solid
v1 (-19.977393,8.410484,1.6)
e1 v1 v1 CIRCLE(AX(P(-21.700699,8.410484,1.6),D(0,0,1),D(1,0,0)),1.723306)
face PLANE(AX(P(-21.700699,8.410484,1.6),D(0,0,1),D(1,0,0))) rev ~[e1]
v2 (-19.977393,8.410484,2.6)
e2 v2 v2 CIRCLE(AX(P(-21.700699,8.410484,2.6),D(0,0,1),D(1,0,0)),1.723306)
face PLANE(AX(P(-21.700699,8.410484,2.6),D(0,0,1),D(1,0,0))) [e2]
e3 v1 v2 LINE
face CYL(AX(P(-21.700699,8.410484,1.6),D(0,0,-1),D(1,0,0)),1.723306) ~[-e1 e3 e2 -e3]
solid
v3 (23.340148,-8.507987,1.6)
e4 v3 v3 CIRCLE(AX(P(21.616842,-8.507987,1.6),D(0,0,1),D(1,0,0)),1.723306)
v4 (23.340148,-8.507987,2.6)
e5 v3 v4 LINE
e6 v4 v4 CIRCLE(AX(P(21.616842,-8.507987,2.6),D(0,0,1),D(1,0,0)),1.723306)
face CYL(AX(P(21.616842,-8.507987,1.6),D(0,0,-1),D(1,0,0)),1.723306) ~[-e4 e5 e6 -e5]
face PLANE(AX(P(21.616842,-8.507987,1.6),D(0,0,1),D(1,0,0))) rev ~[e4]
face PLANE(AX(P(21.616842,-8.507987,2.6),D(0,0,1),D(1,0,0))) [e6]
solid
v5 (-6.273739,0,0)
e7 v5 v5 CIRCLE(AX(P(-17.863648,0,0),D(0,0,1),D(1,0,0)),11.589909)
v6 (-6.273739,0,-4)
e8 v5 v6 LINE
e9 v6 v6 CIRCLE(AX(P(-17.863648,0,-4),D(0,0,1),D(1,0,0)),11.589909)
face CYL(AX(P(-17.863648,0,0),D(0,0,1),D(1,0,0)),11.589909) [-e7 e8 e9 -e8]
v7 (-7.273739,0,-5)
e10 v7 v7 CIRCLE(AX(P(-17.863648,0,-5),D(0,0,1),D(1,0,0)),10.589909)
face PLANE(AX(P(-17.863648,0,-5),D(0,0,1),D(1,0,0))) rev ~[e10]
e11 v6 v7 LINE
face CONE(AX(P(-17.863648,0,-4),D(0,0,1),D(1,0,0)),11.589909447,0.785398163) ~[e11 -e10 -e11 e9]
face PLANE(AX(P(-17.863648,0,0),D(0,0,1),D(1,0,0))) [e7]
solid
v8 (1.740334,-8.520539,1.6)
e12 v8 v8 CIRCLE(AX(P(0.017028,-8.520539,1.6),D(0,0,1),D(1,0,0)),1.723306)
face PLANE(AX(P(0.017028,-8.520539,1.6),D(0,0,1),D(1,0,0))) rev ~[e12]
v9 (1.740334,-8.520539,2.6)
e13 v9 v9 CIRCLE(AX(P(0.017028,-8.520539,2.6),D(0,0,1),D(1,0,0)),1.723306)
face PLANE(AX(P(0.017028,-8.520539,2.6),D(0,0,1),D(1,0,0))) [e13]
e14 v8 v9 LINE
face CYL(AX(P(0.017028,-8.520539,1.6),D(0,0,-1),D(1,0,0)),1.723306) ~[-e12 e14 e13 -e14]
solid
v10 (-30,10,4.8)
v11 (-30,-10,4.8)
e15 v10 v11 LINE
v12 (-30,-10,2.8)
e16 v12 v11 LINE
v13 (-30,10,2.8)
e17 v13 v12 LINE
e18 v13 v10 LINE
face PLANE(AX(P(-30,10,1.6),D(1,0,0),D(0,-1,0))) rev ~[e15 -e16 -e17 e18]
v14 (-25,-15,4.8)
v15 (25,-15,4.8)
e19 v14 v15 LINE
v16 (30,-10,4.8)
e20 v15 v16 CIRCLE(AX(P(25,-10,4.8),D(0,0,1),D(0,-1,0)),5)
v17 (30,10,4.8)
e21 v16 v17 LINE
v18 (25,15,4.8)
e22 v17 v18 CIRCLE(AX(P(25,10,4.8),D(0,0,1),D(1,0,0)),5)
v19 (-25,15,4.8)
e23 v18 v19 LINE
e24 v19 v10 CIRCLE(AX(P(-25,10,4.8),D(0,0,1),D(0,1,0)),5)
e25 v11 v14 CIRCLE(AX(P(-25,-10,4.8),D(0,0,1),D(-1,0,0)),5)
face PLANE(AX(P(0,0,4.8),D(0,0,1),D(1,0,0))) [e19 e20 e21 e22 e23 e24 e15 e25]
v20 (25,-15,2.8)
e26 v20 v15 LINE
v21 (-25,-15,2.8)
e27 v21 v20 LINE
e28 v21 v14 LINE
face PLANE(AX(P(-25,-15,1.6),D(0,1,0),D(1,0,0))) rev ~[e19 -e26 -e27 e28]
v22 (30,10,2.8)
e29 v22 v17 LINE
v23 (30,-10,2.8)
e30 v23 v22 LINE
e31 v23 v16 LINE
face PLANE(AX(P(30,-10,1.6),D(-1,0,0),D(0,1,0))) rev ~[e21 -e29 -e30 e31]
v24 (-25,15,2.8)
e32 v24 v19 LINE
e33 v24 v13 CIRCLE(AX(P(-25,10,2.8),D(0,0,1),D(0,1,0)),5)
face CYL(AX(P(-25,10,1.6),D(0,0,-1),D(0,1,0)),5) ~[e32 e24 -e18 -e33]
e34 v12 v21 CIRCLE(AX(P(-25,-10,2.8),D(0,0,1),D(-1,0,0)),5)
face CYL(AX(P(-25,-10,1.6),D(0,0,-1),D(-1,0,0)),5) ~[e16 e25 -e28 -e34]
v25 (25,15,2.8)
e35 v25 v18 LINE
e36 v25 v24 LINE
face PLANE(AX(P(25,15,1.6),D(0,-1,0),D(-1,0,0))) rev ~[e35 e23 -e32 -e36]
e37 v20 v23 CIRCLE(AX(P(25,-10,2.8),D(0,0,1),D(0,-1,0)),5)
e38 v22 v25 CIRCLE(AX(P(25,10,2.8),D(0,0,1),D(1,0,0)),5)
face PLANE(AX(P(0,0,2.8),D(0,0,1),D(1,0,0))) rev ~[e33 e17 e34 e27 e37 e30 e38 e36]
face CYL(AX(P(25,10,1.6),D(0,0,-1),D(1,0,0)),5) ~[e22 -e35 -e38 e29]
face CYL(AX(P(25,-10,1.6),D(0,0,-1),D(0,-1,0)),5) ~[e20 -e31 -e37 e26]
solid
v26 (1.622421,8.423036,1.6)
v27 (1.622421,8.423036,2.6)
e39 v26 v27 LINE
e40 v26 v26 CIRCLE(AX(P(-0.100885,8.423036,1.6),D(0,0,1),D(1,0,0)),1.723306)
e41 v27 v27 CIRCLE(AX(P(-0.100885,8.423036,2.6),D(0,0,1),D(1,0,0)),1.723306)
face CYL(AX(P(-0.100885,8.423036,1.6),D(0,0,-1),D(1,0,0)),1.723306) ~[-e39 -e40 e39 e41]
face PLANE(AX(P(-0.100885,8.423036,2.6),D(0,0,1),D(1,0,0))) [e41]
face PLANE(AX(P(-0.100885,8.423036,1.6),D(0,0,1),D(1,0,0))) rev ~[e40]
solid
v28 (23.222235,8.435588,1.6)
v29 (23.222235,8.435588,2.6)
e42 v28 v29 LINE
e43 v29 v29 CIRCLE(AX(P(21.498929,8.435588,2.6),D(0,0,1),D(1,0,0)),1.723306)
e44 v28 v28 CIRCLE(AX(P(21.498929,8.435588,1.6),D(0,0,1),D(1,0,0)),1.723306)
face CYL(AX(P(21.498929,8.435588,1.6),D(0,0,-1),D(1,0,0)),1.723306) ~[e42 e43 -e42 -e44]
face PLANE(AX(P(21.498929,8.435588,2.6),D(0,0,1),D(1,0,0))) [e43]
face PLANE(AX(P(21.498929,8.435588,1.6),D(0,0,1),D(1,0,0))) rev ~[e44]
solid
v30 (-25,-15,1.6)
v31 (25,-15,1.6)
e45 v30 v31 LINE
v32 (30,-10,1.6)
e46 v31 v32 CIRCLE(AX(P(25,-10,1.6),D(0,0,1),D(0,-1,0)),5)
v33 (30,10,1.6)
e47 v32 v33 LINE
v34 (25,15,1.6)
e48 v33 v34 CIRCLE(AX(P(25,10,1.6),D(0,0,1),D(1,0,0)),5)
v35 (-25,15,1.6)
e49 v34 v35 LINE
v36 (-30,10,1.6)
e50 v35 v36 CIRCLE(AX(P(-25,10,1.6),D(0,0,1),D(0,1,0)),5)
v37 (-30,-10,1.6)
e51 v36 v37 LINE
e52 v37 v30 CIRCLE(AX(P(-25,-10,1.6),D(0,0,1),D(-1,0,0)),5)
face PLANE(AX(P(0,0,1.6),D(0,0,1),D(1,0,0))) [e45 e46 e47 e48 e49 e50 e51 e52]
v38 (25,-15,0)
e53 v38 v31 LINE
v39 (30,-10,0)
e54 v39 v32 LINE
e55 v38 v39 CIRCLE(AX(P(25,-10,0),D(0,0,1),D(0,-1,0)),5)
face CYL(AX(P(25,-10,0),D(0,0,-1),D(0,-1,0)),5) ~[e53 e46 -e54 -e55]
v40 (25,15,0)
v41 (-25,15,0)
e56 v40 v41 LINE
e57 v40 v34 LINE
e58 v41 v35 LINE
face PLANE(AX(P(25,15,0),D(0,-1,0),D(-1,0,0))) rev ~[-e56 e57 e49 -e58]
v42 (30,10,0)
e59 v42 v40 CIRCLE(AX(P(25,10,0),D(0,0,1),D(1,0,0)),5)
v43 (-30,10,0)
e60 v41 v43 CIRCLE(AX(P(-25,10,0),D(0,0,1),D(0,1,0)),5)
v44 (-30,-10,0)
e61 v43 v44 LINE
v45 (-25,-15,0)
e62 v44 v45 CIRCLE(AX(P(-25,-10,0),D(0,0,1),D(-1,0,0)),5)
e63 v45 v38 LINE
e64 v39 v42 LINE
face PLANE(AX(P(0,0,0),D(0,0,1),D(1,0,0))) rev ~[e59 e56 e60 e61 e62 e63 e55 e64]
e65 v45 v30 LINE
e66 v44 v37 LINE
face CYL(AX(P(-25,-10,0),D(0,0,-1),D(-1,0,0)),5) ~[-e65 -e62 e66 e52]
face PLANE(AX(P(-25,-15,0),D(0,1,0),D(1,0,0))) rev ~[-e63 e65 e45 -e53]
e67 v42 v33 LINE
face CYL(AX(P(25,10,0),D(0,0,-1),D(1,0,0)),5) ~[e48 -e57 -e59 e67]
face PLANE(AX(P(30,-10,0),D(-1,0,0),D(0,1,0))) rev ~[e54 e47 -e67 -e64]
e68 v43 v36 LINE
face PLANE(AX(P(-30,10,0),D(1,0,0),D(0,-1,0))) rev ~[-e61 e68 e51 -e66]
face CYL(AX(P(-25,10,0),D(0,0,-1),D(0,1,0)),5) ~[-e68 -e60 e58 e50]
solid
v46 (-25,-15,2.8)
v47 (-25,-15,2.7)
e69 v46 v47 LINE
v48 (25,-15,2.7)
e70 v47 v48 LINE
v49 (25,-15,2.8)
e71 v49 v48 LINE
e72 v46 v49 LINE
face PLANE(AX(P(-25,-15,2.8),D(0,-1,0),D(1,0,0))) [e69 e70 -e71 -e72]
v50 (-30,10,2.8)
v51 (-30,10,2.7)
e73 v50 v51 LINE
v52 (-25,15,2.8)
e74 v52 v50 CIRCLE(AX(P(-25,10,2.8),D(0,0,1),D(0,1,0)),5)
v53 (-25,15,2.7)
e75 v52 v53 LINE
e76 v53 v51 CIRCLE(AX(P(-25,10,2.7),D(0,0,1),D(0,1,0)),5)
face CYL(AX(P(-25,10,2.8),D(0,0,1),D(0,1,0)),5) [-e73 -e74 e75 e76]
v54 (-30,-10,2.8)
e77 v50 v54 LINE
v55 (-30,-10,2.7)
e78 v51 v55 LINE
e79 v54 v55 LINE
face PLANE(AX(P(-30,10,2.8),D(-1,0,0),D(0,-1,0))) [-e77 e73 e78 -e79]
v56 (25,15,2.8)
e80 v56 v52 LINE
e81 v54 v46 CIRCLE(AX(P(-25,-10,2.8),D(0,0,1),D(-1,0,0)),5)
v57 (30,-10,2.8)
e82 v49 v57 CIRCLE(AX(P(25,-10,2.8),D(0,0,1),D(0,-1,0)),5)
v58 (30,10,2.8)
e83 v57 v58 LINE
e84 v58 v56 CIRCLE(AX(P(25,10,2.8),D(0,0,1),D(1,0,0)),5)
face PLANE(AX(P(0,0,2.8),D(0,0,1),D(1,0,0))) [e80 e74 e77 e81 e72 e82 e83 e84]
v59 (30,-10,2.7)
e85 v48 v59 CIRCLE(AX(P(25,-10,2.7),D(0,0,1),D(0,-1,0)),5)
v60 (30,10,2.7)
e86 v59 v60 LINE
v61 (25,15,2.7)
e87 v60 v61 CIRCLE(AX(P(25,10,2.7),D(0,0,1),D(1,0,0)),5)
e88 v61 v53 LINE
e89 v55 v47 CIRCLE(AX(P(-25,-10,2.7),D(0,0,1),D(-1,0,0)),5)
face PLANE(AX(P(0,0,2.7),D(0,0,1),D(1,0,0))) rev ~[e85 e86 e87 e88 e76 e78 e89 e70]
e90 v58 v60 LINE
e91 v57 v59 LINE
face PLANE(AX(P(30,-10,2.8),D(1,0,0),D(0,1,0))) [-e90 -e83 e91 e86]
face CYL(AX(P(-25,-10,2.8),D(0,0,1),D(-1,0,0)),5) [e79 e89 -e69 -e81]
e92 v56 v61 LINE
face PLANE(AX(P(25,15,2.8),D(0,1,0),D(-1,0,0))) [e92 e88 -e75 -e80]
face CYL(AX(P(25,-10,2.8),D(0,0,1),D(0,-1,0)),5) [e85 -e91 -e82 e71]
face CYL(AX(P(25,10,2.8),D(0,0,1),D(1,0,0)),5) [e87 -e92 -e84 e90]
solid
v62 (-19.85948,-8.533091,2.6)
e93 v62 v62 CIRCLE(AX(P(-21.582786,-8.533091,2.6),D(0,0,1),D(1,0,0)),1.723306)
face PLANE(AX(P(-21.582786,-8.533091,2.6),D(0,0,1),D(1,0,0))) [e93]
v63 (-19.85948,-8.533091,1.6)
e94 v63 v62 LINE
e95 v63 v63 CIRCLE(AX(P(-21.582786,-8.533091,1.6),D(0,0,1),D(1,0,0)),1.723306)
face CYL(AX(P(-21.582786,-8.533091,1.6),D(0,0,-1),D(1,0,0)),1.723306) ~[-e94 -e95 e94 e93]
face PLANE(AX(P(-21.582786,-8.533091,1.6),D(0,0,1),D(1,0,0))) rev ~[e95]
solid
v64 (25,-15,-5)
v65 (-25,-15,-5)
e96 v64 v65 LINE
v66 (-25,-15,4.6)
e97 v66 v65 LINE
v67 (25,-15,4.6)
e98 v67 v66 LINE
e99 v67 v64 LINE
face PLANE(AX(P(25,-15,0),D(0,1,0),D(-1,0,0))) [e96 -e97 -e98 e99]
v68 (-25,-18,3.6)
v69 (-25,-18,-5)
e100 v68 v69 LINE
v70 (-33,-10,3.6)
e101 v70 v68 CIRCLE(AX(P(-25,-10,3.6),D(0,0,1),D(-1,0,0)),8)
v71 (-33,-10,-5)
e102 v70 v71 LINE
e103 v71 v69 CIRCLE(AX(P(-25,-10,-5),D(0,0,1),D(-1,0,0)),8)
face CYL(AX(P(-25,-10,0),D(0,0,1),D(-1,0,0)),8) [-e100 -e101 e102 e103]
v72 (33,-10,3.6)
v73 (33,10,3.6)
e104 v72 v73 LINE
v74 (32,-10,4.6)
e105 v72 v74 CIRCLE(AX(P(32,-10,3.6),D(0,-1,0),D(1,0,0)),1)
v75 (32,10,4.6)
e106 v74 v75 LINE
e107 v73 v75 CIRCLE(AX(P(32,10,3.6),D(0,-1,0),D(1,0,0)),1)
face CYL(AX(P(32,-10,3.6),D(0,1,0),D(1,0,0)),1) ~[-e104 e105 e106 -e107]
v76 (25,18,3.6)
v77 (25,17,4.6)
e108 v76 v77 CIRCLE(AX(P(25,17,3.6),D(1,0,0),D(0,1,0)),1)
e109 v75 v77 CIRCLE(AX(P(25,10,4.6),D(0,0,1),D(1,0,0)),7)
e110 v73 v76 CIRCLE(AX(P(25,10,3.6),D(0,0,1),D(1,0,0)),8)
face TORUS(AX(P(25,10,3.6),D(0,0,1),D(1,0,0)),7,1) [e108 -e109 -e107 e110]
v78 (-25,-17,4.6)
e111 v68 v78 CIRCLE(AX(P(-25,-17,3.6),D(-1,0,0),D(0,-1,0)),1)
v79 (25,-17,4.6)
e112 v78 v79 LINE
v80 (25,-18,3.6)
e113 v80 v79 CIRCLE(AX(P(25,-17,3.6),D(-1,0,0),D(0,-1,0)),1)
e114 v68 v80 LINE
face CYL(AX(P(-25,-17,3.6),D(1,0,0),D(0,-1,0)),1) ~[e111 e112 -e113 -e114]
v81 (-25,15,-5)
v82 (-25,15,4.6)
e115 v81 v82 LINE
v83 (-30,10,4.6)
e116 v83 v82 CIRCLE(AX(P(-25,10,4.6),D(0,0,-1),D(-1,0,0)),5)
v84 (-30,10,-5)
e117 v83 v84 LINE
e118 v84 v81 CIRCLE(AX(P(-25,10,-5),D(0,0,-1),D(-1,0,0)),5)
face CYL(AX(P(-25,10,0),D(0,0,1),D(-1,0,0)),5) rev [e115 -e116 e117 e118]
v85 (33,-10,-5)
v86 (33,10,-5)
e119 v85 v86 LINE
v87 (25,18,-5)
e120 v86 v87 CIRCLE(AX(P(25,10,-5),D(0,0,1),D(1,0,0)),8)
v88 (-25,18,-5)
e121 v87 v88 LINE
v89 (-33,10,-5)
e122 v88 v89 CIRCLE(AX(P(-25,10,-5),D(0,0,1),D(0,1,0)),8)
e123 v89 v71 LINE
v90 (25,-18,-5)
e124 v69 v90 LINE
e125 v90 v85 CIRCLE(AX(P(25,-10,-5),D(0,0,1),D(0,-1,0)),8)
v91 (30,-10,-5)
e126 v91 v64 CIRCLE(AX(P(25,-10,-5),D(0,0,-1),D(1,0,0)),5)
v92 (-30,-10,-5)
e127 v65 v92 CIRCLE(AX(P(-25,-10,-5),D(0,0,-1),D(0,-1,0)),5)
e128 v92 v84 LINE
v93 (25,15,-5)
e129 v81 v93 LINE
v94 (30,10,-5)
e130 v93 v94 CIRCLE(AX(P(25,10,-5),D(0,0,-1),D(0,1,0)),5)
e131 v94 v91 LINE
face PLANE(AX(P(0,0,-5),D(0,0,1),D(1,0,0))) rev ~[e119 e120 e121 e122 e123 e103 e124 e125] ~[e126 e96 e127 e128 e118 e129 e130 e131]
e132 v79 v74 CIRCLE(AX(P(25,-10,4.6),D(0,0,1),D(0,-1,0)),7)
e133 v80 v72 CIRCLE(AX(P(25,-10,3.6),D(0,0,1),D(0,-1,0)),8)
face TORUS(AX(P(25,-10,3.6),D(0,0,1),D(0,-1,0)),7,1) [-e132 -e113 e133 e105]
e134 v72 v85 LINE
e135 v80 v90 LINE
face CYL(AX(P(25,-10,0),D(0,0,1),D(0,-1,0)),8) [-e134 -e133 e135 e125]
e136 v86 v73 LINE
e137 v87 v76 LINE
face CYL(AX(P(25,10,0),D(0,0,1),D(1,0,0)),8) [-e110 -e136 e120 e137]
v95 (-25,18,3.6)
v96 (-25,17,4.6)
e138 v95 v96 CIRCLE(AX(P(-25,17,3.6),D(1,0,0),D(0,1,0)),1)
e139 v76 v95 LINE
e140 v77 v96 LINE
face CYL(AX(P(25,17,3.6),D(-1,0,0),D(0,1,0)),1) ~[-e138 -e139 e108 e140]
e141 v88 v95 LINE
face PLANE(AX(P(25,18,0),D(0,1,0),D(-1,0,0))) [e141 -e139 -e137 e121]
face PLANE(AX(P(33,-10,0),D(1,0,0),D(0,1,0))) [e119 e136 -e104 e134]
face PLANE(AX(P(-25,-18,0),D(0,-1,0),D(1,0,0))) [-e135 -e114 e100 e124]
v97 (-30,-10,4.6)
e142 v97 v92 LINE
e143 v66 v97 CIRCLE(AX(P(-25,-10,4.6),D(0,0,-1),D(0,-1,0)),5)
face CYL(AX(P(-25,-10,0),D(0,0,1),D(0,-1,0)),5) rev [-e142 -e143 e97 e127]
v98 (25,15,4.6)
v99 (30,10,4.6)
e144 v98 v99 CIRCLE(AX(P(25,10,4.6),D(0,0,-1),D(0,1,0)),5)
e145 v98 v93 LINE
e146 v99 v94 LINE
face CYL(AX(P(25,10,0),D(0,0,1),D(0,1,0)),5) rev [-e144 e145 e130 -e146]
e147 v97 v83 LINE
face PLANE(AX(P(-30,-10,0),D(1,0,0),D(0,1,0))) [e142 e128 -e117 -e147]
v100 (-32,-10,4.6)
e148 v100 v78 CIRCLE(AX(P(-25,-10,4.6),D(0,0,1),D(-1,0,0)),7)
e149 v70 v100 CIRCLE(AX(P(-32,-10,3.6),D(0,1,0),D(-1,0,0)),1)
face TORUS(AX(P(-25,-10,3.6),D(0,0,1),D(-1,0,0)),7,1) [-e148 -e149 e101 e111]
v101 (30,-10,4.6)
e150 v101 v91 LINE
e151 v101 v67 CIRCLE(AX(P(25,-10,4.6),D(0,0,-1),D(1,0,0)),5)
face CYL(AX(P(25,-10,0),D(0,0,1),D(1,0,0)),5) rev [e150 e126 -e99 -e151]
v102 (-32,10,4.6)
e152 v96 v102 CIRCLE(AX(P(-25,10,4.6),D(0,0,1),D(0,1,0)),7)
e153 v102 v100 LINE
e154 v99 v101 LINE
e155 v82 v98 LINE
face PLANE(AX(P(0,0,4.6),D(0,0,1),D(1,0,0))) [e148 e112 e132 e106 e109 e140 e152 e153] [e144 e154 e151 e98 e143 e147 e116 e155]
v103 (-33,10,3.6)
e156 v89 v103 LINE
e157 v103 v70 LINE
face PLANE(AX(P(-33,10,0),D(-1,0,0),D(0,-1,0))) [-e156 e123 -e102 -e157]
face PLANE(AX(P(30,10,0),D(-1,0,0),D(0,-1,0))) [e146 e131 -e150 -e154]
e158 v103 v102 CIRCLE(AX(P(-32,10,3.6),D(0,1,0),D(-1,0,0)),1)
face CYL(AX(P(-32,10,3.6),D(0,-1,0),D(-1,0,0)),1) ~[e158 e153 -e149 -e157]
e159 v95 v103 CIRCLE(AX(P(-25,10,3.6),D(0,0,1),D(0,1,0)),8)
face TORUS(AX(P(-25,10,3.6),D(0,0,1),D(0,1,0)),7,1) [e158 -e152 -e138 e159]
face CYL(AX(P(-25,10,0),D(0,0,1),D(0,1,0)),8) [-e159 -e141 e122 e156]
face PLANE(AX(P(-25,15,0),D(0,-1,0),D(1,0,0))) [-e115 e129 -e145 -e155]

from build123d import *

# Parameters (mm, degrees)
F1_DEPTH      = 1.6
F2_DEPTH      = 3.2
F3_DEPTH      = 1.2
F4_DEPTH      = 4.6
F4_DEPTH_BACK = 5
F5_R          = 1
F6_R          = 11.5899094466
F7_DEPTH      = 5
F8_SIZE       = 1
F9_R          = 1.7233060419
F10_DEPTH     = 1
F11_DEPTH     = 0.1


with BuildPart() as f1:
    # F0 (on Top) → F1 (new body)
    with BuildSketch(Plane.XY):
        with BuildLine():
            ThreePointArc((30, 10), (28.5355339059, 13.5355339059), (25, 15))
            Line((25, 15), (-25, 15))
            ThreePointArc((-25, 15), (-28.5355339059, 13.5355339059), (-30, 10))
            Line((-30, 10), (-30, -10))
            ThreePointArc((-30, -10), (-28.5355339059, -13.5355339059), (-25, -15))
            Line((-25, -15), (25, -15))
            ThreePointArc((25, -15), (28.5355339059, -13.5355339059), (30, -10))
            Line((30, -10), (30, 10))
        make_face()
    extrude(amount=F1_DEPTH)


with BuildPart() as f2:
    # F2 (new): a face of the model
    f2_faces = [f1.part.faces().sort_by_distance(p)[0] for p in [
        (0, 0, 1.6),
    ]]
    extrude(f2_faces, amount=F2_DEPTH)

    # F3 (cut): a face of the model
    f3_faces = [f2.faces().sort_by_distance(p)[0] for p in [
        (0, 0, 1.6),
    ]]
    extrude(f3_faces, amount=-F3_DEPTH, mode=Mode.SUBTRACT)


with BuildPart() as f4:
    # F0 (on Top) → F4 (new body, two sides)
    with BuildSketch(Plane.XY) as f4_sk:
        with BuildLine():
            Line((33, -10), (33, 10))
            ThreePointArc((33, 10), (30.6568542495, 15.6568542495), (25, 18))
            Line((25, 18), (-25, 18))
            ThreePointArc((-25, 18), (-30.6568542495, 15.6568542495), (-33, 10))
            Line((-33, 10), (-33, -10))
            ThreePointArc((-33, -10), (-30.6568542495, -15.6568542495), (-25, -18))
            Line((-25, -18), (25, -18))
            ThreePointArc((25, -18), (30.6568542495, -15.6568542495), (33, -10))
        make_face()
        with BuildLine():
            Line((-25, 15), (25, 15))
            ThreePointArc((25, 15), (28.5355339059, 13.5355339059), (30, 10))
            Line((30, 10), (30, -10))
            ThreePointArc((30, -10), (28.5355339059, -13.5355339059), (25, -15))
            Line((25, -15), (-25, -15))
            ThreePointArc((-25, -15), (-28.5355339059, -13.5355339059), (-30, -10))
            Line((-30, -10), (-30, 10))
            ThreePointArc((-30, 10), (-28.5355339059, 13.5355339059), (-25, 15))
        make_face(mode=Mode.SUBTRACT)
    extrude(amount=F4_DEPTH)
    extrude(f4_sk.sketch, amount=-F4_DEPTH_BACK)

    # F5
    f5_edges = [f4.edges().sort_by_distance(p)[0] for p in [
        (33, 0, 4.6),
    ]]
    fillet(f5_edges, radius=F5_R)


with BuildPart() as f7:
    # F6 (on face) → F7 (new body)
    with BuildSketch(Plane.XY):
        with Locations((-17.8636480123, 0)):
            Circle(F6_R)
    extrude(amount=-F7_DEPTH)

    # F8
    f8_edges = [f7.edges().sort_by_distance(p)[0] for p in [
        (-29.453557, 0, -5),
    ]]
    chamfer(f8_edges, length=F8_SIZE)


with BuildPart() as f10:
    # F9 (on face) → F10 (new body)
    with BuildSketch(Plane.XY.offset(1.6)):
        with Locations((-21.7006991855, 8.4104844814)):
            Circle(F9_R)
    extrude(amount=F10_DEPTH)


with BuildPart() as f10b:
    # F9 (on face) → F10, piece 2 (new body)
    with BuildSketch(Plane.XY.offset(1.6)):
        with Locations((-0.1008850596, 8.4230364611)):
            Circle(F9_R)
    extrude(amount=F10_DEPTH)


with BuildPart() as f10c:
    # F9 (on face) → F10, piece 3 (new body)
    with BuildSketch(Plane.XY.offset(1.6)):
        with Locations((21.4989290663, 8.4355884408)):
            Circle(F9_R)
    extrude(amount=F10_DEPTH)


with BuildPart() as f10d:
    # F9 (on face) → F10, piece 4 (new body)
    with BuildSketch(Plane.XY.offset(1.6)):
        with Locations((-21.5827859859, -8.5330907029)):
            Circle(F9_R)
    extrude(amount=F10_DEPTH)


with BuildPart() as f10e:
    # F9 (on face) → F10, piece 5 (new body)
    with BuildSketch(Plane.XY.offset(1.6)):
        with Locations((0.01702814, -8.5205387232)):
            Circle(F9_R)
    extrude(amount=F10_DEPTH)


with BuildPart() as f10f:
    # F9 (on face) → F10, piece 6 (new body)
    with BuildSketch(Plane.XY.offset(1.6)):
        with Locations((21.6168422659, -8.5079867435)):
            Circle(F9_R)
    extrude(amount=F10_DEPTH)


with BuildPart() as f11:
    # F11 (new): a face of the model
    f11_faces = [f2.part.faces().sort_by_distance(p)[0] for p in [
        (0, 0, 2.8),
    ]]
    extrude(f11_faces, amount=F11_DEPTH)


solid = Compound([f1.part, f2.part, f4.part, f7.part, f10.part, f10b.part, f10c.part, f10d.part, f10e.part, f10f.part, f11.part])
